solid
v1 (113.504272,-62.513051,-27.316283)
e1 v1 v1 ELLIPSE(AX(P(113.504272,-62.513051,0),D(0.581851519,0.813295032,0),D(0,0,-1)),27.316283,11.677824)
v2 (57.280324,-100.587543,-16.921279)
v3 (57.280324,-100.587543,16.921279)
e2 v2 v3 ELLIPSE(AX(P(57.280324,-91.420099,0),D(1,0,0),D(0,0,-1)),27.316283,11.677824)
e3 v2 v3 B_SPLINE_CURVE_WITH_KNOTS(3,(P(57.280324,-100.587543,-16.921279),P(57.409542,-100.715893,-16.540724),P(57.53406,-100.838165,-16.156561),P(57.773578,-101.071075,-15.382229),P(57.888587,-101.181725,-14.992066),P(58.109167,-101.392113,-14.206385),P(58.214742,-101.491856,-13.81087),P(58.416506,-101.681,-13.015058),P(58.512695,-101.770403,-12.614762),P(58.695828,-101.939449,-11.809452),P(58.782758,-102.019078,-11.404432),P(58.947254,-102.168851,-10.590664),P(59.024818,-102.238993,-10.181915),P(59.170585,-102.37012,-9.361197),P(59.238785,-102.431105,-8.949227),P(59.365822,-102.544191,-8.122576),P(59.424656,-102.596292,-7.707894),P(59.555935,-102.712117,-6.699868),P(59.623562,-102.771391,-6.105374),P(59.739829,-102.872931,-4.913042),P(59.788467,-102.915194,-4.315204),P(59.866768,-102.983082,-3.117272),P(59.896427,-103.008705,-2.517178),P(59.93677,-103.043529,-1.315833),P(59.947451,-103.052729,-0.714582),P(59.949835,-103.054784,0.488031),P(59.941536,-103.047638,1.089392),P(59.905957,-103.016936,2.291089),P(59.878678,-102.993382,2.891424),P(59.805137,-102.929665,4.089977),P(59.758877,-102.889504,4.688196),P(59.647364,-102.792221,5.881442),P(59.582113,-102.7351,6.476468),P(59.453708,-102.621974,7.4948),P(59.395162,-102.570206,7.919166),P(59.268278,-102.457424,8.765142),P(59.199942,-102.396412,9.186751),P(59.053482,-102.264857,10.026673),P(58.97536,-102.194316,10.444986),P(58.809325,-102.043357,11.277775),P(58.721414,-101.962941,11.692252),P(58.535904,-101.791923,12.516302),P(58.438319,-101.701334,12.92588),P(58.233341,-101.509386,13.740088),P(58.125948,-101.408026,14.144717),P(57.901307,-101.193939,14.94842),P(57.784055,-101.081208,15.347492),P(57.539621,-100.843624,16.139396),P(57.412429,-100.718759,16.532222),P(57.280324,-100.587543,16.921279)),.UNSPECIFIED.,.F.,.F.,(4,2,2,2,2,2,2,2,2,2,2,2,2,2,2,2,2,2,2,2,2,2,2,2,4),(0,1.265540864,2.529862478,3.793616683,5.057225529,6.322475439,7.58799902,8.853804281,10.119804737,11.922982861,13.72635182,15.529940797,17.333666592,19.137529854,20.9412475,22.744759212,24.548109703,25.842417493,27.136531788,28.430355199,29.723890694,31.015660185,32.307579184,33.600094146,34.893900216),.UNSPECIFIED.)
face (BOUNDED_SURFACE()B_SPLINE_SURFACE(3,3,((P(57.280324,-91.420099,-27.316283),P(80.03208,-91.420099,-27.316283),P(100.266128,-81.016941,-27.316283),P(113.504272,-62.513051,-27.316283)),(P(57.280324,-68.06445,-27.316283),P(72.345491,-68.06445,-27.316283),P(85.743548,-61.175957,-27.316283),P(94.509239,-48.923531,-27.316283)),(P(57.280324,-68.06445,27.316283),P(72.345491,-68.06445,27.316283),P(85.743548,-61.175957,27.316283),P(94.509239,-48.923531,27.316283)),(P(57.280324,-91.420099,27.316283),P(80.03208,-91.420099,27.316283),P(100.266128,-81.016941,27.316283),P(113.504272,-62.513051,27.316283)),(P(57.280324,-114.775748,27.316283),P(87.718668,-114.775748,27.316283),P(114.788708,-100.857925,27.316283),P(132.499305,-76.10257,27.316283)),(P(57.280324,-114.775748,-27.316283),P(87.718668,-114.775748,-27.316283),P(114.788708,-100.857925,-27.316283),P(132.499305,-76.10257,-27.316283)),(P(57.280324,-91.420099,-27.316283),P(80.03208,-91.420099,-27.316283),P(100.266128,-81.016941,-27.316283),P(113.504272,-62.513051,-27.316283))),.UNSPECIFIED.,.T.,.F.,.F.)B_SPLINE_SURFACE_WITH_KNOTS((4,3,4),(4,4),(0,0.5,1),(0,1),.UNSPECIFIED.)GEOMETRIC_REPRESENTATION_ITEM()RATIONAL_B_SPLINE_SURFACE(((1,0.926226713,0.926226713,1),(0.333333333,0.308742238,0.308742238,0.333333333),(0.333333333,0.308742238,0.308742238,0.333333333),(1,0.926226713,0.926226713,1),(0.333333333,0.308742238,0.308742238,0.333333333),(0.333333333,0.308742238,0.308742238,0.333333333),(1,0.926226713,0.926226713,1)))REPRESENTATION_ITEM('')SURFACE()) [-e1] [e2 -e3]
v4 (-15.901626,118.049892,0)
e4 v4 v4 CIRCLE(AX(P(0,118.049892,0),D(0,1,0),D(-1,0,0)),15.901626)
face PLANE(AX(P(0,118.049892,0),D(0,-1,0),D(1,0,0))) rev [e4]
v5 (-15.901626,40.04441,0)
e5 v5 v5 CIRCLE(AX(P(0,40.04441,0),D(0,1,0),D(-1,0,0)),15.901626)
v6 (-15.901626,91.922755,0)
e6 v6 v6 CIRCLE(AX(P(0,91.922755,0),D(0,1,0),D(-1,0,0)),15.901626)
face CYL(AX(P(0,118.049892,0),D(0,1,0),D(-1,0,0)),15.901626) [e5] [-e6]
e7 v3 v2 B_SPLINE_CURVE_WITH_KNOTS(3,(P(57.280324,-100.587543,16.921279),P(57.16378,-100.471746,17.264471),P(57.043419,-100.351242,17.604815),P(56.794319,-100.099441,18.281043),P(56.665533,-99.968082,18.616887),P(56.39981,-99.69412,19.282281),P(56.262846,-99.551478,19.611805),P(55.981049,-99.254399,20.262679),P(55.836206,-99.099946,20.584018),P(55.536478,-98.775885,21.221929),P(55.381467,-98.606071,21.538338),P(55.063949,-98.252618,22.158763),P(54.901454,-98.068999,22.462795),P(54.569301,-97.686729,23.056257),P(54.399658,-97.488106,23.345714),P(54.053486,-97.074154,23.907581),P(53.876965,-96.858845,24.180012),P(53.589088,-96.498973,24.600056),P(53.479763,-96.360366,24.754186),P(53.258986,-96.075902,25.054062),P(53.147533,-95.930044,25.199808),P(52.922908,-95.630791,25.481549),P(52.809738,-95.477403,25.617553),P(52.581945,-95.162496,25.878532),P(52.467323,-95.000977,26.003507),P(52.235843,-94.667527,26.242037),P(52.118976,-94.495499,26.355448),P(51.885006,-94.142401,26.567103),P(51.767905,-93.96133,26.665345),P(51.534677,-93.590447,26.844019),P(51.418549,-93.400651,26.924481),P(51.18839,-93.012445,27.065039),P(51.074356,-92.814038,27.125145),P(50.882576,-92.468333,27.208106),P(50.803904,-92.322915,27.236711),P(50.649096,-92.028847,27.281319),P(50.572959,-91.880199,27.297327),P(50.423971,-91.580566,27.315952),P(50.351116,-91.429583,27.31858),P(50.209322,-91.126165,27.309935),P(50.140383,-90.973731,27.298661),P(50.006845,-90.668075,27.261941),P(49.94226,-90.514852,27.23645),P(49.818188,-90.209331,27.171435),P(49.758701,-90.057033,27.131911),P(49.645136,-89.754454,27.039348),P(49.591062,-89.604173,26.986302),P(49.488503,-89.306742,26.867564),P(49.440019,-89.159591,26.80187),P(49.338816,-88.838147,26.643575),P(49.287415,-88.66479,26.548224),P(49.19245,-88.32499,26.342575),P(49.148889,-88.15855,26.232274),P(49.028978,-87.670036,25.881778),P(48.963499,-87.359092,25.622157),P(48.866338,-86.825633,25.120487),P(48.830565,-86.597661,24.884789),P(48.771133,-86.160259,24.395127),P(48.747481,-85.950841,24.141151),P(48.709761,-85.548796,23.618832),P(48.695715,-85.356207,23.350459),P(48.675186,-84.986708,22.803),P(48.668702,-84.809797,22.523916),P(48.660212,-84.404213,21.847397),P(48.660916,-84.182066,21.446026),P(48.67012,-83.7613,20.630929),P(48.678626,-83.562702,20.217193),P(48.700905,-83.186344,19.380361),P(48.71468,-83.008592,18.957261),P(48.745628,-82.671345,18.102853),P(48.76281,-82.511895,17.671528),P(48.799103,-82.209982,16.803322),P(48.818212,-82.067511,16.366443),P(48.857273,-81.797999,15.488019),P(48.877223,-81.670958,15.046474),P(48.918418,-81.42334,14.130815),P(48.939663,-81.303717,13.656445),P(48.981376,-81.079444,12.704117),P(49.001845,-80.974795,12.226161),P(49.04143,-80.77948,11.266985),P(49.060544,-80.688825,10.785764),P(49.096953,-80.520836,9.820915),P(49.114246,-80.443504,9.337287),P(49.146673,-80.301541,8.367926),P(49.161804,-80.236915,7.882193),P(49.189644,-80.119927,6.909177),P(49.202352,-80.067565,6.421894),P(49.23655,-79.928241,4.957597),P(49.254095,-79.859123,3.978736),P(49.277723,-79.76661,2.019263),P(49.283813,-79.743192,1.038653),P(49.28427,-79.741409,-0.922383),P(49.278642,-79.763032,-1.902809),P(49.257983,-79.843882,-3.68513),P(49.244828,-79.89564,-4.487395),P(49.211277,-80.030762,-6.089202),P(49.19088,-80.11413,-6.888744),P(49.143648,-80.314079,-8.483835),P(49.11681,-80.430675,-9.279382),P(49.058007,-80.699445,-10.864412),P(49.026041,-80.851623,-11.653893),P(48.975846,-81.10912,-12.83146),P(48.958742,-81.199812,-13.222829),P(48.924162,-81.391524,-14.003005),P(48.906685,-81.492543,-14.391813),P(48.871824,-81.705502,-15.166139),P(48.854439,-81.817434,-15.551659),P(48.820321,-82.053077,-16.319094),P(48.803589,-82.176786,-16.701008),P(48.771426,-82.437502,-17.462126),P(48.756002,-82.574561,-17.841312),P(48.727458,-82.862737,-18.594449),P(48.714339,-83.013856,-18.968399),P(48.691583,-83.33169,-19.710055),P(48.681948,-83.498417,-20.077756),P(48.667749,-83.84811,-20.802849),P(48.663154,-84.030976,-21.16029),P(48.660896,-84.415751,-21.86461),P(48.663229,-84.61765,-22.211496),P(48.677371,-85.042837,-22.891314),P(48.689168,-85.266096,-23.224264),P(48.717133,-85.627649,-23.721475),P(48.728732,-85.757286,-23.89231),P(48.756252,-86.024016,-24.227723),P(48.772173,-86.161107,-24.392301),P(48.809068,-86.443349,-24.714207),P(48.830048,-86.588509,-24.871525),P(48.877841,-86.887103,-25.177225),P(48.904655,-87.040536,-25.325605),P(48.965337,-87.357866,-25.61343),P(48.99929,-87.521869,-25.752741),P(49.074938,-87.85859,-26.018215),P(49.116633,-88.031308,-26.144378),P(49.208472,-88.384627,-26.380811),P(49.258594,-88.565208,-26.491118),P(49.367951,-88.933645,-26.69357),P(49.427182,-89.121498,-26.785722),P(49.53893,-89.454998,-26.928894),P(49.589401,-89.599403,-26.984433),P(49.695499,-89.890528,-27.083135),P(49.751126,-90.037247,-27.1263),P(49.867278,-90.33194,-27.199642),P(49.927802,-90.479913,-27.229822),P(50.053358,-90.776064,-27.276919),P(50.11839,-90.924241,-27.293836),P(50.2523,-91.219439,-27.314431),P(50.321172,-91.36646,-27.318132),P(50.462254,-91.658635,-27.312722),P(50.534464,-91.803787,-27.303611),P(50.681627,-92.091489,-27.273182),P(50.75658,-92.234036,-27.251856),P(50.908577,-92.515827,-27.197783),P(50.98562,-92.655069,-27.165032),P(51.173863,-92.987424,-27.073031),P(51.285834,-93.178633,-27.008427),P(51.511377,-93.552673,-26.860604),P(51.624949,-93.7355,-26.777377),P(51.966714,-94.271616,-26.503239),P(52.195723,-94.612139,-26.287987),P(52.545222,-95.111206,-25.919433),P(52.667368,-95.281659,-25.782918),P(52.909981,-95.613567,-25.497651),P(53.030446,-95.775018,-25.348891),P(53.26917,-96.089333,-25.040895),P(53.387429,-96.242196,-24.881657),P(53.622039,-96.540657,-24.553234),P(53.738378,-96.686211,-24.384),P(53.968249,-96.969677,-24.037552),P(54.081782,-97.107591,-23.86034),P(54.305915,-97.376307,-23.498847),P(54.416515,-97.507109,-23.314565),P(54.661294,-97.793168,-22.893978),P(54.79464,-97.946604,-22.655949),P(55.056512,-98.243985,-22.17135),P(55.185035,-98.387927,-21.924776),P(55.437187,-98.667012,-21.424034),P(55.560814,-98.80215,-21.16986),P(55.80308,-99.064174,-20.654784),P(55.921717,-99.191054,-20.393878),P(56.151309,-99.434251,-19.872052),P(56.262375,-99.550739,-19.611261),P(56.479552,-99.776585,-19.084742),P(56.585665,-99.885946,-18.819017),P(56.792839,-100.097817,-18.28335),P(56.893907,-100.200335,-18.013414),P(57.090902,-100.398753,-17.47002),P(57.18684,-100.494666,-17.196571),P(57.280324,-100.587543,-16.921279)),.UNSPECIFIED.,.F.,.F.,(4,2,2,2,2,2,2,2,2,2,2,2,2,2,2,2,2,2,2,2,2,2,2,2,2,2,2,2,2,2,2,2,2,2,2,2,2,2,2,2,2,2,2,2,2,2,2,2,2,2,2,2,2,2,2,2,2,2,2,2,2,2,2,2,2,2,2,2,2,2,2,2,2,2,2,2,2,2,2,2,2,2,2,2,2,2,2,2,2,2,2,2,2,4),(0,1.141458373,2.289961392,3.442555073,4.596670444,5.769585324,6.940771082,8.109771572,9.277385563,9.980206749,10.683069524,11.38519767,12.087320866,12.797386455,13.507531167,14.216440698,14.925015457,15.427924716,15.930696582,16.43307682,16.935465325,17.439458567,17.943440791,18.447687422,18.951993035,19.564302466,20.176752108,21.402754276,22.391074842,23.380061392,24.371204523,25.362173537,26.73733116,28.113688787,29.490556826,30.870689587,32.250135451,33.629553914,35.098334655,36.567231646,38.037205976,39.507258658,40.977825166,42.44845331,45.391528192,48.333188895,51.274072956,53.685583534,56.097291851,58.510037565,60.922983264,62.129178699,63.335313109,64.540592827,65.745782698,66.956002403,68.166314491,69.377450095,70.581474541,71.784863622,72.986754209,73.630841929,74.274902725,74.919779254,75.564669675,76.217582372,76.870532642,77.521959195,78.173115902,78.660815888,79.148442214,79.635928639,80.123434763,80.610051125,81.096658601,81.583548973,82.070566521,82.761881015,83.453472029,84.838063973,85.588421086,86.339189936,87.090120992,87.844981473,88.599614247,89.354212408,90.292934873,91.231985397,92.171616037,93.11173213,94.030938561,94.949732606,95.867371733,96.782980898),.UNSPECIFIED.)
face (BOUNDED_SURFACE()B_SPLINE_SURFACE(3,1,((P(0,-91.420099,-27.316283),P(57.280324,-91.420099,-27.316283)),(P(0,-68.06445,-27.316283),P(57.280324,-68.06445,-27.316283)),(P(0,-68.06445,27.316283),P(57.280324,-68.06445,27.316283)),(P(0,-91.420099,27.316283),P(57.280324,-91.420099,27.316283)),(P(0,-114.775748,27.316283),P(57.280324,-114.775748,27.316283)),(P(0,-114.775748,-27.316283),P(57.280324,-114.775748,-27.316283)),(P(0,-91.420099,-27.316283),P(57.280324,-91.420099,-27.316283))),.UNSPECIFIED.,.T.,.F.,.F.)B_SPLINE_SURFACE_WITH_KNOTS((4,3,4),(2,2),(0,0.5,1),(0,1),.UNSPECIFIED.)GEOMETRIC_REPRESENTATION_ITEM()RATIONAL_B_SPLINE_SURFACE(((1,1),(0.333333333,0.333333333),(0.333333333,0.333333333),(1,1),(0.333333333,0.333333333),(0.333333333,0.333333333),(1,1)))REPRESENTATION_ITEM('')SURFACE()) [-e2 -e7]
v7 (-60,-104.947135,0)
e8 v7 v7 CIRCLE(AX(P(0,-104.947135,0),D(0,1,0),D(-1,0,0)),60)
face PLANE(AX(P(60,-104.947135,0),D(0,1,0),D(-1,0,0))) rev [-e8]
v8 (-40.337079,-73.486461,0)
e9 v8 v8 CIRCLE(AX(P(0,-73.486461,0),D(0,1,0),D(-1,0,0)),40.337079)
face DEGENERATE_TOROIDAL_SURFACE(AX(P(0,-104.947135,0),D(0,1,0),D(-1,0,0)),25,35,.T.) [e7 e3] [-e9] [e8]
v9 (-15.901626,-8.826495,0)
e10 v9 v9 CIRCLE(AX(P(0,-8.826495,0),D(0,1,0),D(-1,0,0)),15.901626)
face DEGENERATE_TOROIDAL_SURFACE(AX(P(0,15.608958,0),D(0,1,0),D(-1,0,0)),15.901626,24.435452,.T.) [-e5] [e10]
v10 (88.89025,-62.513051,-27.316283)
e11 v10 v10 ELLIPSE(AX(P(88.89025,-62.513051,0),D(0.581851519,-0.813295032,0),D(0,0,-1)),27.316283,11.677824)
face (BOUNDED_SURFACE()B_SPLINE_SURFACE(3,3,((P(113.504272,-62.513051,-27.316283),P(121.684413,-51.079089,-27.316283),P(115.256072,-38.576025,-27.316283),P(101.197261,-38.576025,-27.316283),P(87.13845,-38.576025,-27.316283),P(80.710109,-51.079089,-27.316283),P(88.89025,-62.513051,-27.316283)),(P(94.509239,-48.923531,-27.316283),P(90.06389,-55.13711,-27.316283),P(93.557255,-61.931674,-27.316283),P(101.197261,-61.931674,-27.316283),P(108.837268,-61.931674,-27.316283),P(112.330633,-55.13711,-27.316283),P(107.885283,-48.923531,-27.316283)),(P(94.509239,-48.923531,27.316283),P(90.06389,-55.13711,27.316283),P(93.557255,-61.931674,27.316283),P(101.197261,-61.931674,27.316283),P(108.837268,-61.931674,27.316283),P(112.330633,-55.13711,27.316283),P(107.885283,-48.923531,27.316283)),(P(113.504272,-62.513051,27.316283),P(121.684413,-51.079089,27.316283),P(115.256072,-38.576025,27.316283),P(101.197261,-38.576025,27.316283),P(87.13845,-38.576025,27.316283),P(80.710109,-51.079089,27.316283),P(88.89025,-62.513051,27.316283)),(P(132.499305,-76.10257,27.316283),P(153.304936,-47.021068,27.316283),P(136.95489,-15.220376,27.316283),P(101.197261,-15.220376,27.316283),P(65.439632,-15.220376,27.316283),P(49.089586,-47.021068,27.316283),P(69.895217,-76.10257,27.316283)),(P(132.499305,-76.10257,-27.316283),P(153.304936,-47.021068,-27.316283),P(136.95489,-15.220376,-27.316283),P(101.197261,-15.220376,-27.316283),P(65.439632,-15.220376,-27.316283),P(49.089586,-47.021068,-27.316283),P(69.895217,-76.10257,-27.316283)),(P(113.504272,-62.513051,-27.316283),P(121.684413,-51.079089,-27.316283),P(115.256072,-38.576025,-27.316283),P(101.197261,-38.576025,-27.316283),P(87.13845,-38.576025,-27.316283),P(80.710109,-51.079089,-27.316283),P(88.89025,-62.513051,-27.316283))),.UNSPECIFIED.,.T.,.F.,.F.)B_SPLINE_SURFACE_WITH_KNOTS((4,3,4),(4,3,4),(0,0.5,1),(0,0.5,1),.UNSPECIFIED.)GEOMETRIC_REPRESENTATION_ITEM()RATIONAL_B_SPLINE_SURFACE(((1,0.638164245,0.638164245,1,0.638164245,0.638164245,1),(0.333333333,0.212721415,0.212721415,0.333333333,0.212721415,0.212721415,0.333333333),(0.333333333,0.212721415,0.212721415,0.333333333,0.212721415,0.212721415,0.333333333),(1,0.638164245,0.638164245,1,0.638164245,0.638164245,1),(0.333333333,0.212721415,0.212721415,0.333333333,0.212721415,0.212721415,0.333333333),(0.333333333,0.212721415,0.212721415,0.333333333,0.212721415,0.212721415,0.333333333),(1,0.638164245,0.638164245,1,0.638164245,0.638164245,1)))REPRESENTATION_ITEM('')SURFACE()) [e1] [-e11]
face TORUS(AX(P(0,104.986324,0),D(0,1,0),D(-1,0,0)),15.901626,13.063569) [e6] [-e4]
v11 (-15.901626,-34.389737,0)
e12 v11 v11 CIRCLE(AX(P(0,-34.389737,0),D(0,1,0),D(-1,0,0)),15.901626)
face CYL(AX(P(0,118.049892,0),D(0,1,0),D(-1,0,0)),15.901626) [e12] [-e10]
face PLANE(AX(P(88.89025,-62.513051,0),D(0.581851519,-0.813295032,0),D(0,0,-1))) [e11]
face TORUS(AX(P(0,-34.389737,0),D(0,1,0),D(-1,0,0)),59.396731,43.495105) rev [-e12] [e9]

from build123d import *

# Parameters (mm, degrees)
SKETCH4_RX = 27.316283399
SKETCH4_RY = 11.677824467


with BuildPart() as part:
    # Sketch1 → Revolve1 (revolve)
    with BuildSketch(Plane.XY):
        with BuildLine():
            Line((0, 118.049892275), (15.901626361, 118.049892275))
            ThreePointArc((15.901626361, 118.049892275), (28.965195086, 104.98632355), (15.901626361, 91.922754826))
            Line((15.901626361, 91.922754826), (15.901626361, 40.044409962))
            ThreePointArc((15.901626361, 40.044409962), (40.337078652, 15.608957671), (15.901626361, -8.82649462))
            Line((15.901626361, -8.82649462), (15.901626361, -34.389737016))
            ThreePointArc((15.901626361, -34.389737016), (22.5129561, -57.442096603), (40.337078652, -73.486460681))
            ThreePointArc((40.337078652, -73.486460681), (54.67994064, -86.397171939), (60, -104.947134839))
            Line((60, -104.947134839), (0, -104.947134839))
            Line((0, -104.947134839), (0, 118.049892275))
        make_face()
    revolve(axis=Axis((0, 118.049892275, 0), (0, -1, 0)))

    # Sweep2: sweep along a path in Sketch2
    with BuildLine(Plane.XY) as sweep2_path:
        Line((0, -91.420098686), (57.280323619, -91.420098686))
        ThreePointArc((57.280323619, -91.420098686), (88.890250164, -83.770060287), (113.504272175, -62.513050521))
        ThreePointArc((113.504272175, -62.513050521), (101.197261169, -38.576024862), (88.890250164, -62.513050521))
    # Sketch4 → Sweep2 (sweep)
    with BuildSketch(Plane(origin=(0, -91.420098686, 0), x_dir=(0, 0, -1), z_dir=(1, 0, 0))):
        with Locations((0, 0)):
            Ellipse(SKETCH4_RX, SKETCH4_RY)
    sweep(path=sweep2_path.line)


solid = part.part
